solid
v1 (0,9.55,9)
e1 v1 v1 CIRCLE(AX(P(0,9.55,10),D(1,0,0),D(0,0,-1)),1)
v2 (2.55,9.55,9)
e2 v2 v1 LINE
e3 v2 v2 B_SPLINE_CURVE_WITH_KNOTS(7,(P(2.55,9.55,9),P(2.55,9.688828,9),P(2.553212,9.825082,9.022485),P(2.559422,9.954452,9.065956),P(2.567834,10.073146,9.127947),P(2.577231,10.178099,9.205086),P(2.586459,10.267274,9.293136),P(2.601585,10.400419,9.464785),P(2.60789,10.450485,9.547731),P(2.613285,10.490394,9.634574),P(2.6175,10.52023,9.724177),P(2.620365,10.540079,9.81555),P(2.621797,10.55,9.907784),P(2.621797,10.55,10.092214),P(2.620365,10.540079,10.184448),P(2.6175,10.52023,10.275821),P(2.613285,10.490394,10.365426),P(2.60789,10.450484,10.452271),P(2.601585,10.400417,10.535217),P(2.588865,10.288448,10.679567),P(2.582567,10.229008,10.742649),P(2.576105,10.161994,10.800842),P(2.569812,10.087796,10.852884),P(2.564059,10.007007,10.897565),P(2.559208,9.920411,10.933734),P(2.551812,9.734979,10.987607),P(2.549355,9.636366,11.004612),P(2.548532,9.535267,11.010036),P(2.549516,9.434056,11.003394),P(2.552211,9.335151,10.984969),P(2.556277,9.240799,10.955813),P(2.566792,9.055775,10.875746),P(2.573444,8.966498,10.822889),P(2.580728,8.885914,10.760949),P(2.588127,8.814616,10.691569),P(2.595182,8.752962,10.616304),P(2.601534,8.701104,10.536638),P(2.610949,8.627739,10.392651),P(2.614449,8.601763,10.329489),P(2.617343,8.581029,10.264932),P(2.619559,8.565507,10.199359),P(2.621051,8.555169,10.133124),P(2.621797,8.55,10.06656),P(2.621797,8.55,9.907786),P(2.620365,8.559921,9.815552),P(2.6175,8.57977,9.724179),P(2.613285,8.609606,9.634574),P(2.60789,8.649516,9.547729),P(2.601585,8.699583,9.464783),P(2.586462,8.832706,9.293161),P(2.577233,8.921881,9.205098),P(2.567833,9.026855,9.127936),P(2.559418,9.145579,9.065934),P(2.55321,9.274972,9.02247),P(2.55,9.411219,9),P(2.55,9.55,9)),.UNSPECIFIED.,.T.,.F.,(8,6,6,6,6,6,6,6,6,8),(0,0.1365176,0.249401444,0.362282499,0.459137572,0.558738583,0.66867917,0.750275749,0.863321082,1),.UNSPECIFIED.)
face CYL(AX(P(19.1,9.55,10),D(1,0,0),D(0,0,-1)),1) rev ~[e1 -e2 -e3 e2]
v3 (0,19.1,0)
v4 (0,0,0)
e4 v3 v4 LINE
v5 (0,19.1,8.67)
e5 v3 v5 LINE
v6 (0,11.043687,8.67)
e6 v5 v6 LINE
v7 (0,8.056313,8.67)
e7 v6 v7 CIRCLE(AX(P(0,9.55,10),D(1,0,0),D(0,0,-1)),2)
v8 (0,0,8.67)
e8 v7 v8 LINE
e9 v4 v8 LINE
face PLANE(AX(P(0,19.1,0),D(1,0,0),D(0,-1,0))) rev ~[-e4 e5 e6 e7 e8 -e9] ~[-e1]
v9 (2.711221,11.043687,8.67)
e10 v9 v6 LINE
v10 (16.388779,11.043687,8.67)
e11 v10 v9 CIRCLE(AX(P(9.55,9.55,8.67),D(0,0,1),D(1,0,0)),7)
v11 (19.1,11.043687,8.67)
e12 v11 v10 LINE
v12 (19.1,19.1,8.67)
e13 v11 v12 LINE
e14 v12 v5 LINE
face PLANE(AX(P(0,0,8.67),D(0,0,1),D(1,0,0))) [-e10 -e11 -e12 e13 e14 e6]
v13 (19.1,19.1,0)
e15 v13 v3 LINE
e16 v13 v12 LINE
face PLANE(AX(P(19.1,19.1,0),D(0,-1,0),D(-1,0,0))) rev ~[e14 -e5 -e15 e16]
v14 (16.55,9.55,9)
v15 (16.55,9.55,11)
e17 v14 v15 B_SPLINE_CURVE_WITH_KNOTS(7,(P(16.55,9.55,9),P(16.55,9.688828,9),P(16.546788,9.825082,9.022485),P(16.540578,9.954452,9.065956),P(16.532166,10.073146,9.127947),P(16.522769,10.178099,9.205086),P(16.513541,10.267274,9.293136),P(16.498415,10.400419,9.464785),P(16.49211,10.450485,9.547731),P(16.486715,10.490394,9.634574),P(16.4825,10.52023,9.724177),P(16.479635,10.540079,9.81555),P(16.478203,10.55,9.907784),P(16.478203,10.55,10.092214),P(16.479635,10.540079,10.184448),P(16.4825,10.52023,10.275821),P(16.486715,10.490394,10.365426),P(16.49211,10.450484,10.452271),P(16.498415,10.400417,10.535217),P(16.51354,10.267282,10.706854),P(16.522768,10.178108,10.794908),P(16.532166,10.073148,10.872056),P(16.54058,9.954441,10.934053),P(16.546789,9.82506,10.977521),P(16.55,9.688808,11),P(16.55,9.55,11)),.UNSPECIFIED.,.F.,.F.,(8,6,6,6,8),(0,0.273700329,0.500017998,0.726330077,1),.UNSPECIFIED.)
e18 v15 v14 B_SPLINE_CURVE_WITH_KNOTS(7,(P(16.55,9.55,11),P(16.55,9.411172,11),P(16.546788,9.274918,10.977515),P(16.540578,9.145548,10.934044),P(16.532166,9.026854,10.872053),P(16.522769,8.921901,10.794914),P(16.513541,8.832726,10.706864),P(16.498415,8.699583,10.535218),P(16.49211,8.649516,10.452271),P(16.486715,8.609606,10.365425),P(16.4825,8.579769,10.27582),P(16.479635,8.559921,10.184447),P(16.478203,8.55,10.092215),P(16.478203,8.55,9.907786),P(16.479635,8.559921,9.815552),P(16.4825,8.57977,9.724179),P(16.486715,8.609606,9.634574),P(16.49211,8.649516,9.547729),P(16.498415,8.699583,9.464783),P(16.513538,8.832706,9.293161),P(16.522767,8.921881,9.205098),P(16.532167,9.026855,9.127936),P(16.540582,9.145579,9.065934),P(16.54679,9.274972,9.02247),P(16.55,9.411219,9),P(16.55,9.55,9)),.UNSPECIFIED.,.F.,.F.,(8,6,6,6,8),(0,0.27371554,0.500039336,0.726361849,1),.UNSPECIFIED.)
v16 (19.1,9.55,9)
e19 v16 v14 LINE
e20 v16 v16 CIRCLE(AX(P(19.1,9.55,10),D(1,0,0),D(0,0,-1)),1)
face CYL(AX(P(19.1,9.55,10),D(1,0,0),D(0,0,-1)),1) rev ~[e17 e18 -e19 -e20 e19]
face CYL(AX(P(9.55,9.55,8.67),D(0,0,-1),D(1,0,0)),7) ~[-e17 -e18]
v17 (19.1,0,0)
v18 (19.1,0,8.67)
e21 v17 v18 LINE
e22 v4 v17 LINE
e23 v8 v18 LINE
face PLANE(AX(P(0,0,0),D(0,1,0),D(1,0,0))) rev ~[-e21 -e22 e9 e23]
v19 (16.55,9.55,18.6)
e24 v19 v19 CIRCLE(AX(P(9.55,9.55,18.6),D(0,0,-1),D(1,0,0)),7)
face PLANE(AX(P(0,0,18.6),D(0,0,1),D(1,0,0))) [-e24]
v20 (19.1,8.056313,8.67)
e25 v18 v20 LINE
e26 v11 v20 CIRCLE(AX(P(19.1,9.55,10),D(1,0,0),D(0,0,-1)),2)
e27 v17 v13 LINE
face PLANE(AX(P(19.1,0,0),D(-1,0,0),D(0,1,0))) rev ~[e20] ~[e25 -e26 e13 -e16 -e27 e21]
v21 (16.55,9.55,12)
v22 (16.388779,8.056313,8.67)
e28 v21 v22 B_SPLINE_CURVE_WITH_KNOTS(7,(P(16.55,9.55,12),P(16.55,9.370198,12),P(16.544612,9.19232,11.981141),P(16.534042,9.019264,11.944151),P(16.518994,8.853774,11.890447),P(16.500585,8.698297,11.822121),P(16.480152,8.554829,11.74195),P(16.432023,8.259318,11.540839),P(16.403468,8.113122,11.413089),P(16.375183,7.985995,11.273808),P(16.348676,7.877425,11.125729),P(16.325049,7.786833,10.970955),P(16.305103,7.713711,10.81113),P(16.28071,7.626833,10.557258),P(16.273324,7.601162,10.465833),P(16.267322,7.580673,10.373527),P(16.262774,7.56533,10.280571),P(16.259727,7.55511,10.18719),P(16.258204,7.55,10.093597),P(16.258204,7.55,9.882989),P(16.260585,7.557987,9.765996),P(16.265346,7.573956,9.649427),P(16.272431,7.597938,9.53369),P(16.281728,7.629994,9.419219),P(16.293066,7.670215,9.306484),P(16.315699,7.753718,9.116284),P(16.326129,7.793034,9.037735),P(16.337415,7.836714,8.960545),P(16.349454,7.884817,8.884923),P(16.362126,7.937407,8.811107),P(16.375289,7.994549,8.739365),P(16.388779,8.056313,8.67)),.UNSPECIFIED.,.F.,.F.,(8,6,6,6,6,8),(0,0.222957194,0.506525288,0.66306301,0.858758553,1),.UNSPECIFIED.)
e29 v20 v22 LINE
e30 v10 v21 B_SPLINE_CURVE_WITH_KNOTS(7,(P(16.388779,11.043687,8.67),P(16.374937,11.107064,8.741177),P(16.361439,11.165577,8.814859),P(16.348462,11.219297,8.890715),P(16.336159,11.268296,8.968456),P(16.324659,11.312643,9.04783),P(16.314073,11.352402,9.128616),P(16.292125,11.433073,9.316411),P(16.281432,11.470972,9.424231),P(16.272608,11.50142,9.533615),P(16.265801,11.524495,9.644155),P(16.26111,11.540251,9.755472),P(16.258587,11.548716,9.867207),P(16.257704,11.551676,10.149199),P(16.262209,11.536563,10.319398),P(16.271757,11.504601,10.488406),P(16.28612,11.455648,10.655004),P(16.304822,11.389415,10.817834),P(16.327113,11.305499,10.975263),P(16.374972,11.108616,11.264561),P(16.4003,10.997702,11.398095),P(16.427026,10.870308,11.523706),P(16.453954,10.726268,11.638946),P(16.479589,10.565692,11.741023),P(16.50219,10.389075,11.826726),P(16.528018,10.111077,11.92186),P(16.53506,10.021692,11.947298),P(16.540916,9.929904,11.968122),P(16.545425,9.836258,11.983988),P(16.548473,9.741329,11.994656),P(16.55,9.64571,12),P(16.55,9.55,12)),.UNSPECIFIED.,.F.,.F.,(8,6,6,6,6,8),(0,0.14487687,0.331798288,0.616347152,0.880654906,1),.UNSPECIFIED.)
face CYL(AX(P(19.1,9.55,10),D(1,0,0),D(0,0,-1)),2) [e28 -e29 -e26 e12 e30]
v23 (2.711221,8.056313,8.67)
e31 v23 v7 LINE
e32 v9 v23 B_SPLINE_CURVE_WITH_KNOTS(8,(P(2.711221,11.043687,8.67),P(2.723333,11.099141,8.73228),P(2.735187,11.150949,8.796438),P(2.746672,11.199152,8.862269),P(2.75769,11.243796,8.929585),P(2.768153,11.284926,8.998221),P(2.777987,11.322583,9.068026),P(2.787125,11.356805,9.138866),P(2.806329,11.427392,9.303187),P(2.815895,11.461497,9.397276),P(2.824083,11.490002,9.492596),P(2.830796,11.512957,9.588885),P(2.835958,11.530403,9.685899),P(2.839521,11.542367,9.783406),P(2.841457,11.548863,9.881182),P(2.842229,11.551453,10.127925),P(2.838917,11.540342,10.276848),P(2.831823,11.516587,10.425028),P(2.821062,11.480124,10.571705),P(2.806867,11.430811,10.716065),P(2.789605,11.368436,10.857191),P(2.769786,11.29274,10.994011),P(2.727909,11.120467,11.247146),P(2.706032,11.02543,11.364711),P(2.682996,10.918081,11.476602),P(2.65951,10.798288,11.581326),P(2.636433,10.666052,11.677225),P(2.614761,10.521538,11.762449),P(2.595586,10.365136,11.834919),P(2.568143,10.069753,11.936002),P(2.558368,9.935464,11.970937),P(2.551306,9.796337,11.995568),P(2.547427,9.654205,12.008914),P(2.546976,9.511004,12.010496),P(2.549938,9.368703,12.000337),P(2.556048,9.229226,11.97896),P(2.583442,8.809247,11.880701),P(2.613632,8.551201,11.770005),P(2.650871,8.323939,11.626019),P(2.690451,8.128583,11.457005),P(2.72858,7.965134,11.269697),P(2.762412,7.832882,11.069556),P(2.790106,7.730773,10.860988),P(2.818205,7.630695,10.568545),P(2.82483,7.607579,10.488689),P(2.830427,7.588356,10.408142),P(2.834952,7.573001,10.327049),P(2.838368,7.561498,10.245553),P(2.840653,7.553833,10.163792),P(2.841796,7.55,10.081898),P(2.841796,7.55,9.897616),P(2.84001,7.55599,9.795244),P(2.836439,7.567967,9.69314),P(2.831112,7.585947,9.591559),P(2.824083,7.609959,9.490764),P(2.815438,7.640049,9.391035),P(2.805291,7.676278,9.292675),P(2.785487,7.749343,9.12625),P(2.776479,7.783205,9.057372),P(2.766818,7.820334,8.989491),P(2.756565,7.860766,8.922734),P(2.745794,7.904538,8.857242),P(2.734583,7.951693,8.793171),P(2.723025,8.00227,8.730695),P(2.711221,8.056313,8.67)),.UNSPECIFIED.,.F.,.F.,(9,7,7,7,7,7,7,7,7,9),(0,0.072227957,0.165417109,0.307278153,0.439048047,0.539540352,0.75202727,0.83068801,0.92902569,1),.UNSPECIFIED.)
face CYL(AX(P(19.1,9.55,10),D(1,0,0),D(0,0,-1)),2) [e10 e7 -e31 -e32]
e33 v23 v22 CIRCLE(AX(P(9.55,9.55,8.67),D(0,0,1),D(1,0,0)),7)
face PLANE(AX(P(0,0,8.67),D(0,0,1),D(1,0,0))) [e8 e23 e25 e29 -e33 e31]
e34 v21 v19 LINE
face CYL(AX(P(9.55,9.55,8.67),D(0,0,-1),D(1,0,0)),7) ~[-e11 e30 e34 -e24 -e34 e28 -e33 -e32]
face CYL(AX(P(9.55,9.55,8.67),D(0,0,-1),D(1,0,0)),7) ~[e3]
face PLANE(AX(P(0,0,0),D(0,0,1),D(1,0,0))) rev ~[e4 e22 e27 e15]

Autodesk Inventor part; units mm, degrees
ref_plane "YZ Plane" through (0, 0, 0) normal (1, 0, 0) x (0, 1, 0)
ref_plane "XZ Plane" through (0, 0, 0) normal (0, 1, 0) x (-1, 0, 0)
ref_plane "XY Plane" through (0, 0, 0) normal (0, 0, 1) x (1, 0, 0)
sketch "Sketch1" plane through (0, 0, 0) normal (0, 0, 1) x (1, 0, 0)
  line L0 (0, 0) -> (19.1, 0)
  line L1 (19.1, 0) -> (19.1, 19.1)
  line L2 (19.1, 19.1) -> (0, 19.1)
  line L3 (0, 19.1) -> (0, 0)
  dimension "d0" = 19.1
  dimension "d1" = 19.1
extrude "Extrusion1" add sketch "Sketch1" along normal blind 8.67
sketch "Sketch2" plane through (19.1, 0, 0) normal (1, 0, 0) x (0, 0, -1)
  line L0 (0, 0) -> (0, 19.1) projected
  line L1 (0, 19.1) -> (-8.67, 19.1) projected
  line L2 (-8.67, 0) -> (-8.67, 19.1) projected
  line L3 (0, 0) -> (-8.67, 0) projected
  line L4 (0, 0) -> (0, 19.1) construction
  line L5 (0, 9.55) -> (-11, 9.55) construction
  line L6 (-11, 9.55) -> (-11, 16.3311) construction
  circle A0 centre (-10, 9.55) radius 1
  circle A1 centre (-10, 9.55) radius 2
  point P0 (-8.67, 11.0437)
  point P1 (-8.67, 8.0563)
  dimension "d4" = 11
  dimension "d5" = 2
  dimension "d6" = 4
extrude "Extrusion2" add sketch "Sketch2" against normal up to surface (19.1 mm away) contours A1 L2 picked at (-8.78, 9.55)
sketch "Sketch3" plane through (0, 0, 8.67) normal (0, 0, 1) x (1, 0, 0)
  line L0 (0, 11.0437) -> (19.1, 11.0437) projected
  line L1 (19.1, 11.0437) -> (19.1, 19.1) projected
  line L2 (19.1, 19.1) -> (0, 19.1) projected
  line L3 (0, 19.1) -> (0, 11.0437) projected
  line L4 (19.1, 8.0563) -> (0, 8.0563) projected
  line L5 (0, 8.0563) -> (0, 0) projected
  line L6 (0, 0) -> (19.1, 0) projected
  line L7 (19.1, 0) -> (19.1, 8.0563) projected
  line L8 (19.1, 19.1) -> (0, 19.1) construction
  line L9 (9.55, 19.1) -> (9.55, 0) construction
  circle A0 centre (9.55, 9.55) radius 7
  dimension "d9" = 14
extrude "Extrusion3" add sketch "Sketch3" along normal blind 9.93 contours A0 L0 | L0 A0 L4 | L4 A0
sketch "Sketch4" plane through (0, 0, 0) normal (0, -1, 0) x (1, 0, 0)
  line L0 (0, 0) -> (19.1, 0) projected
  line L1 (16.55, 18.6) -> (2.55, 18.6) projected
  dimension "d12" = 18.6
sketch "Sketch5" plane through (19.1, 0, 0) normal (1, 0, 0) x (0, 0, -1)
  line L0 (0, 0) -> (0, 19.1) projected
  line L1 (0, 9.55) -> (-151.3307, 9.55)
  line L2 (-18.6, 16.55) -> (-18.6, 2.55) projected
  line L3 (-18.6, 16.55) -> (-47.9586, 84.0702)
  line L4 (-18.6, 2.55) -> (-41.5927, -50.3296)
  dimension "d13" = 133
properties part number "HDzero micro dummy"
